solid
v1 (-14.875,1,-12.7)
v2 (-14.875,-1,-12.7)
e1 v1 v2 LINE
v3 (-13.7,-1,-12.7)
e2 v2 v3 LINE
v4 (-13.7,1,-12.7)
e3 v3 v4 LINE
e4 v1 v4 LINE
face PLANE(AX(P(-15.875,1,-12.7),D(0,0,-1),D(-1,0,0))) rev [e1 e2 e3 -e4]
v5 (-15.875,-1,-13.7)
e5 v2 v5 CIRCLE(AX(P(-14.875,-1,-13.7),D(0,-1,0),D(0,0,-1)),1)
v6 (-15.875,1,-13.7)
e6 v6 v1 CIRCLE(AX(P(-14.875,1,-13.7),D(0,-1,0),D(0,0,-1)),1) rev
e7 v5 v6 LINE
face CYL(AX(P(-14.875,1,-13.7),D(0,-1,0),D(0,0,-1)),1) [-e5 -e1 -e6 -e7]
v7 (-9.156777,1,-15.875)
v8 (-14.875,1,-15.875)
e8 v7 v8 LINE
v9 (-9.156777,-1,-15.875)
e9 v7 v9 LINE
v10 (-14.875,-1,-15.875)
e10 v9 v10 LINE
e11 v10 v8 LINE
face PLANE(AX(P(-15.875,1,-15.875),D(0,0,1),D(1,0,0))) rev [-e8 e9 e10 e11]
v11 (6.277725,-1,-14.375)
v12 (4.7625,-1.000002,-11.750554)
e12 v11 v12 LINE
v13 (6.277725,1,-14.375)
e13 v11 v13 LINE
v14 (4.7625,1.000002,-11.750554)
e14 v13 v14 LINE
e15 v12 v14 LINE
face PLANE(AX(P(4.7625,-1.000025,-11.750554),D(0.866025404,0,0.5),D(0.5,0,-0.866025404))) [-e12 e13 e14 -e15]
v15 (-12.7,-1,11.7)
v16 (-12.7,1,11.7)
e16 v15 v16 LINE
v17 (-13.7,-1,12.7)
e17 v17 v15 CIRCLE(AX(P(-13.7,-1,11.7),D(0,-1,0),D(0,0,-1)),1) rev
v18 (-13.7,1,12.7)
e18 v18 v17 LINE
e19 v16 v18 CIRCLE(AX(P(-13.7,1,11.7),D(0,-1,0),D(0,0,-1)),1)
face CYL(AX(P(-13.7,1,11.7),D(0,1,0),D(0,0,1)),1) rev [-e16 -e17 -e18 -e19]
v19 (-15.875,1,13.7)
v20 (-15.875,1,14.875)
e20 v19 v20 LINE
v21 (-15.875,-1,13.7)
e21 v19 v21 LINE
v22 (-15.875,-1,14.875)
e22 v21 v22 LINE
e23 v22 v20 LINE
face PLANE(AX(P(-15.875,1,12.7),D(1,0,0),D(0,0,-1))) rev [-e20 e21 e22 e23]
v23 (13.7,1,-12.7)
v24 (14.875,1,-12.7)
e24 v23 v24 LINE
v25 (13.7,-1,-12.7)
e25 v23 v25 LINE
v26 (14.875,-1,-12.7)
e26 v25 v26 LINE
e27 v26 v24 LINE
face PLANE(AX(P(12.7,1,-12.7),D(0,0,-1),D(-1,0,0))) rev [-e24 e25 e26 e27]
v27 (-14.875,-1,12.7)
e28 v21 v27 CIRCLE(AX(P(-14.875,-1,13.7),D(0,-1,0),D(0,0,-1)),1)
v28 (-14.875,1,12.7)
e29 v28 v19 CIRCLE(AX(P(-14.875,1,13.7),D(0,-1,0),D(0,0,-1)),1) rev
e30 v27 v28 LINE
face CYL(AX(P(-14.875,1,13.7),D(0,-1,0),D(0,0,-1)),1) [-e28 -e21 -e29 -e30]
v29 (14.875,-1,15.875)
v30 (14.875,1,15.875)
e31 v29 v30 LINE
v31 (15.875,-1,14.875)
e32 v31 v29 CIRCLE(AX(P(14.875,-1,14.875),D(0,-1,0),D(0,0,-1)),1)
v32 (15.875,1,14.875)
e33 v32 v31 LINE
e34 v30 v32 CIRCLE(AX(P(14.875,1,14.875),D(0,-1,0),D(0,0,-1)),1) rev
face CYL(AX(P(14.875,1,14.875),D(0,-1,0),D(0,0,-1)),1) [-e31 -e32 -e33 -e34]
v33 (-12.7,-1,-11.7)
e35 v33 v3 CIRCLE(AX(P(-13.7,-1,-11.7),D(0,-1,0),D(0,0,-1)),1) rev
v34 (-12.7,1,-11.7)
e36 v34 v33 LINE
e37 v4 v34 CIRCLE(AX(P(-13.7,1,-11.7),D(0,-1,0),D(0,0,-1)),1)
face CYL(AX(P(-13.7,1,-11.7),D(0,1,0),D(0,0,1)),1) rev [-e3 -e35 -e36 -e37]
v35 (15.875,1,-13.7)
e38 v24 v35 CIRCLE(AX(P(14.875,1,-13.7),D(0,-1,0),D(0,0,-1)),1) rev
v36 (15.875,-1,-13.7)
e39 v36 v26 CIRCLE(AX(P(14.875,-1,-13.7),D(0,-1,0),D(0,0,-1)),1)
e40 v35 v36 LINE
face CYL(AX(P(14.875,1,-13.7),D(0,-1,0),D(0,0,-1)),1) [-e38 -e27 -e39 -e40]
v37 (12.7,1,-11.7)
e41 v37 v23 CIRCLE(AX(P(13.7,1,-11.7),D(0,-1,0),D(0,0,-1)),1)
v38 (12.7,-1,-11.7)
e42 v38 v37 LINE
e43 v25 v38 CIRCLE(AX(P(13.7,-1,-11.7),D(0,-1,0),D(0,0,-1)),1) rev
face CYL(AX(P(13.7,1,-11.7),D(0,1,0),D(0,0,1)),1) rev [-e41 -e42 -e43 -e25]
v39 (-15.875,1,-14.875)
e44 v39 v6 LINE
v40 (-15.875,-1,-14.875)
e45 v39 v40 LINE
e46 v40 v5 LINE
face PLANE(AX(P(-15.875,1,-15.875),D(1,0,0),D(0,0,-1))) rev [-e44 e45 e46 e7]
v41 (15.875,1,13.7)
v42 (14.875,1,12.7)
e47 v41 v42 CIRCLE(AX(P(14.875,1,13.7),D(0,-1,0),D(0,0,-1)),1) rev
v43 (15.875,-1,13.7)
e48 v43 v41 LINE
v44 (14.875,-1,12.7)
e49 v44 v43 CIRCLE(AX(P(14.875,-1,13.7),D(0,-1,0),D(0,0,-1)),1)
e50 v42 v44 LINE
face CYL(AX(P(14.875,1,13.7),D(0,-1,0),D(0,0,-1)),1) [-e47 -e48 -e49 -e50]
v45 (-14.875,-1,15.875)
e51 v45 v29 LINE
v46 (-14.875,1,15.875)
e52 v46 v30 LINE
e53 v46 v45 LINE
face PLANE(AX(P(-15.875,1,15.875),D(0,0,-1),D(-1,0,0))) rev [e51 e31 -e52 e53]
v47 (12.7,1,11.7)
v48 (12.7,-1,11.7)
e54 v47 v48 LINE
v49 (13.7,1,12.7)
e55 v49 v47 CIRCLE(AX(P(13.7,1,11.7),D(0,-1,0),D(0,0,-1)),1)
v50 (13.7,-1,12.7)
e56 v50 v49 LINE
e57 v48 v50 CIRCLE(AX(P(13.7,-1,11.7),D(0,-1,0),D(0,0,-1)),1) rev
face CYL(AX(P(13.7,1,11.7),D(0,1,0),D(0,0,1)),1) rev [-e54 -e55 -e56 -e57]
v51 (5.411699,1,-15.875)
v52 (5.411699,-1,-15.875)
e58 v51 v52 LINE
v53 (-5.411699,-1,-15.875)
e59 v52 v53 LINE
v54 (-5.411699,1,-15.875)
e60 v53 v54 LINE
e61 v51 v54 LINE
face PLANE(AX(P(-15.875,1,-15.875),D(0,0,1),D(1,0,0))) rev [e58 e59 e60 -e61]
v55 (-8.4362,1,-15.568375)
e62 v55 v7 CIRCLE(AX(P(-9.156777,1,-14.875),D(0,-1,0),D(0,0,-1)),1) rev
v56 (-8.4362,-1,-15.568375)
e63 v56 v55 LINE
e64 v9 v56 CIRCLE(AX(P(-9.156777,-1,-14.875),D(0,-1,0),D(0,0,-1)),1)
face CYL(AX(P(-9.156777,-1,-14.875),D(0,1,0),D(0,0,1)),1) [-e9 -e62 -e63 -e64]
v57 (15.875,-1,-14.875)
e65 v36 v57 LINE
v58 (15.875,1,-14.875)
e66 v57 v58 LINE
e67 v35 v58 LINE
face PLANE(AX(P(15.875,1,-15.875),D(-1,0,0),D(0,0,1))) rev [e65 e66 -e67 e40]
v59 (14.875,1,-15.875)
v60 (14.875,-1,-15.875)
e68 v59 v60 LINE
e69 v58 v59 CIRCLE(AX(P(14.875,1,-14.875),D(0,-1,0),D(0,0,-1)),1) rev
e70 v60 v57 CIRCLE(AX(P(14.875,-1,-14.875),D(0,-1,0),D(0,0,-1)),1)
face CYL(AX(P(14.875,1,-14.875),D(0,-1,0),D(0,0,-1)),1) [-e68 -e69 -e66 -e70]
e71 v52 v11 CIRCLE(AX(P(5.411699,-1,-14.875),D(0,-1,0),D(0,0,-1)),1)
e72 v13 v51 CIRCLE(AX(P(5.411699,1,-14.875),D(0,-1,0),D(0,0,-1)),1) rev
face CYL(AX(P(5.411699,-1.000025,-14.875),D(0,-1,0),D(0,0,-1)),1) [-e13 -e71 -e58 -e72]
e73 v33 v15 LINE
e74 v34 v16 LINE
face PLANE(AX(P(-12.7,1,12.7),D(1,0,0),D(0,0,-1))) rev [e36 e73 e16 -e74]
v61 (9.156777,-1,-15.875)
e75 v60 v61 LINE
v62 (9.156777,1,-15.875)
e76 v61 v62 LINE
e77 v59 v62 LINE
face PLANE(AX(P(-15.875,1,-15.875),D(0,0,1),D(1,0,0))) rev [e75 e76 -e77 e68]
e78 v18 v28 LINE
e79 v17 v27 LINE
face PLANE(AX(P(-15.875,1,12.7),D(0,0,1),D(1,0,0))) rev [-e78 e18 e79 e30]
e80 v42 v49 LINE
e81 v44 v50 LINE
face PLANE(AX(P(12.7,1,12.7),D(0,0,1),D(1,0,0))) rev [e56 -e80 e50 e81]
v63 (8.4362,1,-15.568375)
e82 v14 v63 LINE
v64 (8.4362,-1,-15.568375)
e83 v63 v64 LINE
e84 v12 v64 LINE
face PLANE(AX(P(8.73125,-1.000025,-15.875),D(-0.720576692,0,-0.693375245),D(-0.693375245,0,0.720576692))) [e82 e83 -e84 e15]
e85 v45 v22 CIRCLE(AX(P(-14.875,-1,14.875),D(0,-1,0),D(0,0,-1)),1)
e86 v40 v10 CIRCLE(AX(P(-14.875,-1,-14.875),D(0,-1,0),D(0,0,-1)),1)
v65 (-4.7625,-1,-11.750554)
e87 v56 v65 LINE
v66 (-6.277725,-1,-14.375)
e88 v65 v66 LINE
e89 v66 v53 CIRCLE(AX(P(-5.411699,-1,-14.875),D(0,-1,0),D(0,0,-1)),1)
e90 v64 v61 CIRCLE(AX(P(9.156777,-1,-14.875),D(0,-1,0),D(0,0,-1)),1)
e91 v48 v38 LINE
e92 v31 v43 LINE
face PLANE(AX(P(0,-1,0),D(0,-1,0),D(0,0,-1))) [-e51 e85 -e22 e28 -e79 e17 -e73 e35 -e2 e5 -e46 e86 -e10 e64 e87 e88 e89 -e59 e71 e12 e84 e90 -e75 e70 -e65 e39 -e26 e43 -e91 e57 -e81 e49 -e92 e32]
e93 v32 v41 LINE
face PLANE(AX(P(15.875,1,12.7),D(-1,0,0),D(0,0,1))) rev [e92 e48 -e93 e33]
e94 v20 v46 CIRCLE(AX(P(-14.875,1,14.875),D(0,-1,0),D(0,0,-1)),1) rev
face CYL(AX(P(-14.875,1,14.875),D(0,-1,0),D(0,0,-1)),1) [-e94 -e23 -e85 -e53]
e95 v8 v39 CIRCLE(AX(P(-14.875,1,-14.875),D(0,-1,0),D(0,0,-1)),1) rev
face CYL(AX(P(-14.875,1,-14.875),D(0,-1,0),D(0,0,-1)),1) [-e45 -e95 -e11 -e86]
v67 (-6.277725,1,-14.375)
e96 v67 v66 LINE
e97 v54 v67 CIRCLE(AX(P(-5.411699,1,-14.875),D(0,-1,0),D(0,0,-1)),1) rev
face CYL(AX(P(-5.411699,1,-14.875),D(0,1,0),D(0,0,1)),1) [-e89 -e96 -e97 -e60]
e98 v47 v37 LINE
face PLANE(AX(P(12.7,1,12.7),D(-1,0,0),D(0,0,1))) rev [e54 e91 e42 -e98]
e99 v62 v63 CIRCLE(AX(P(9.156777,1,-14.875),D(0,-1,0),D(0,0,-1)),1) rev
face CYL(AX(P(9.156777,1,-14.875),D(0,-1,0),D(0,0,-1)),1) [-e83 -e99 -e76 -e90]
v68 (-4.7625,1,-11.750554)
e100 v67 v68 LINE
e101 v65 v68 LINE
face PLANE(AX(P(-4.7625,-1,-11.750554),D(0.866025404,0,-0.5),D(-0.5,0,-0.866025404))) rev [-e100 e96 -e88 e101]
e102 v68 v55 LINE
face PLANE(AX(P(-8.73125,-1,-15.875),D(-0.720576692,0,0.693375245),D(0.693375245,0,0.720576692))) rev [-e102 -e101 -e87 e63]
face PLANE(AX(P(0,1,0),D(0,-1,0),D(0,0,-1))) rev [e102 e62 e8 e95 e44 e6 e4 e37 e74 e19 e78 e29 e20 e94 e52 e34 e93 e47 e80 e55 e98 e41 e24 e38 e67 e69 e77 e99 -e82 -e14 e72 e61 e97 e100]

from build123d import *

# Parameters (mm, degrees)
BOSS_EXTRUDE1_DEPTH  = 1
FILLET1_R            = 1
CUT_EXTRUDE1_START   = -3
CUT_EXTRUDE1_DEPTH   = 4
FILLET2_R            = 1
FILLET2_OF_MIRROR1_R = 1


with BuildPart() as part:
    # Sketch1 → Boss-Extrude1 (new body, symmetric)
    with BuildSketch(Plane(origin=(0, 0, 0), x_dir=(1, 0, 0), z_dir=(0, 1, 0))):
        Polygon((12.7, 12.7), (15.875, 12.7), (15.875, 15.875), (-15.875, 15.875), (-15.875, 12.7), (-12.7, 12.7), (-12.7, -12.7), (-15.875, -12.7), (-15.875, -15.875), (15.875, -15.875), (15.875, -12.7), (12.7, -12.7), align=None)
    extrude(amount=BOSS_EXTRUDE1_DEPTH, both=True)

    # Fillet1
    fillet1_edges = [part.edges().sort_by_distance(p)[0] for p in [
        (12.7, 0, 12.7),
        (15.875, 0, 12.7),
        (15.875, 0, 15.875),
        (-15.875, 0, 15.875),
        (-15.875, 0, 12.7),
        (-12.7, 0, 12.7),
        (-12.7, 0, -12.7),
        (-15.875, 0, -12.7),
        (-15.875, 0, -15.875),
        (15.875, 0, -15.875),
        (15.875, 0, -12.7),
        (12.7, 0, -12.7),
    ]]
    fillet(fillet1_edges, radius=FILLET1_R)

    # Sketch2 → Cut-Extrude1 (cut)
    with BuildSketch(Plane(origin=(0, 1, 0), x_dir=(1, 0, 0), z_dir=(0, 1, 0)).offset(CUT_EXTRUDE1_START)):
        Polygon((-8.73125, 15.875), (-4.7625, 11.750554014), (-7.14375, 15.875), align=None)
    cut_extrude1 = extrude(amount=CUT_EXTRUDE1_DEPTH, mode=Mode.SUBTRACT)

    # Fillet2
    fillet2_edges = [part.edges().sort_by_distance(p)[0] for p in [
        (-7.14375, 0, -15.875),
        (-8.73125, 0, -15.875),
    ]]
    fillet(fillet2_edges, radius=FILLET2_R)

    # Mirror1: Cut-Extrude1 across plane
    add(cut_extrude1.mirror(Plane(origin=(0, 0, 0), x_dir=(0, 0, 1), z_dir=(1, 0, 0))), mode=Mode.SUBTRACT)

    # Fillet2 of Mirror1
    fillet2_of_mirror1_edges = [part.edges().sort_by_distance(p)[0] for p in [
        (7.14375, 0, -15.875),
        (8.73125, 0, -15.875),
    ]]
    fillet(fillet2_of_mirror1_edges, radius=FILLET2_OF_MIRROR1_R)


solid = part.part
